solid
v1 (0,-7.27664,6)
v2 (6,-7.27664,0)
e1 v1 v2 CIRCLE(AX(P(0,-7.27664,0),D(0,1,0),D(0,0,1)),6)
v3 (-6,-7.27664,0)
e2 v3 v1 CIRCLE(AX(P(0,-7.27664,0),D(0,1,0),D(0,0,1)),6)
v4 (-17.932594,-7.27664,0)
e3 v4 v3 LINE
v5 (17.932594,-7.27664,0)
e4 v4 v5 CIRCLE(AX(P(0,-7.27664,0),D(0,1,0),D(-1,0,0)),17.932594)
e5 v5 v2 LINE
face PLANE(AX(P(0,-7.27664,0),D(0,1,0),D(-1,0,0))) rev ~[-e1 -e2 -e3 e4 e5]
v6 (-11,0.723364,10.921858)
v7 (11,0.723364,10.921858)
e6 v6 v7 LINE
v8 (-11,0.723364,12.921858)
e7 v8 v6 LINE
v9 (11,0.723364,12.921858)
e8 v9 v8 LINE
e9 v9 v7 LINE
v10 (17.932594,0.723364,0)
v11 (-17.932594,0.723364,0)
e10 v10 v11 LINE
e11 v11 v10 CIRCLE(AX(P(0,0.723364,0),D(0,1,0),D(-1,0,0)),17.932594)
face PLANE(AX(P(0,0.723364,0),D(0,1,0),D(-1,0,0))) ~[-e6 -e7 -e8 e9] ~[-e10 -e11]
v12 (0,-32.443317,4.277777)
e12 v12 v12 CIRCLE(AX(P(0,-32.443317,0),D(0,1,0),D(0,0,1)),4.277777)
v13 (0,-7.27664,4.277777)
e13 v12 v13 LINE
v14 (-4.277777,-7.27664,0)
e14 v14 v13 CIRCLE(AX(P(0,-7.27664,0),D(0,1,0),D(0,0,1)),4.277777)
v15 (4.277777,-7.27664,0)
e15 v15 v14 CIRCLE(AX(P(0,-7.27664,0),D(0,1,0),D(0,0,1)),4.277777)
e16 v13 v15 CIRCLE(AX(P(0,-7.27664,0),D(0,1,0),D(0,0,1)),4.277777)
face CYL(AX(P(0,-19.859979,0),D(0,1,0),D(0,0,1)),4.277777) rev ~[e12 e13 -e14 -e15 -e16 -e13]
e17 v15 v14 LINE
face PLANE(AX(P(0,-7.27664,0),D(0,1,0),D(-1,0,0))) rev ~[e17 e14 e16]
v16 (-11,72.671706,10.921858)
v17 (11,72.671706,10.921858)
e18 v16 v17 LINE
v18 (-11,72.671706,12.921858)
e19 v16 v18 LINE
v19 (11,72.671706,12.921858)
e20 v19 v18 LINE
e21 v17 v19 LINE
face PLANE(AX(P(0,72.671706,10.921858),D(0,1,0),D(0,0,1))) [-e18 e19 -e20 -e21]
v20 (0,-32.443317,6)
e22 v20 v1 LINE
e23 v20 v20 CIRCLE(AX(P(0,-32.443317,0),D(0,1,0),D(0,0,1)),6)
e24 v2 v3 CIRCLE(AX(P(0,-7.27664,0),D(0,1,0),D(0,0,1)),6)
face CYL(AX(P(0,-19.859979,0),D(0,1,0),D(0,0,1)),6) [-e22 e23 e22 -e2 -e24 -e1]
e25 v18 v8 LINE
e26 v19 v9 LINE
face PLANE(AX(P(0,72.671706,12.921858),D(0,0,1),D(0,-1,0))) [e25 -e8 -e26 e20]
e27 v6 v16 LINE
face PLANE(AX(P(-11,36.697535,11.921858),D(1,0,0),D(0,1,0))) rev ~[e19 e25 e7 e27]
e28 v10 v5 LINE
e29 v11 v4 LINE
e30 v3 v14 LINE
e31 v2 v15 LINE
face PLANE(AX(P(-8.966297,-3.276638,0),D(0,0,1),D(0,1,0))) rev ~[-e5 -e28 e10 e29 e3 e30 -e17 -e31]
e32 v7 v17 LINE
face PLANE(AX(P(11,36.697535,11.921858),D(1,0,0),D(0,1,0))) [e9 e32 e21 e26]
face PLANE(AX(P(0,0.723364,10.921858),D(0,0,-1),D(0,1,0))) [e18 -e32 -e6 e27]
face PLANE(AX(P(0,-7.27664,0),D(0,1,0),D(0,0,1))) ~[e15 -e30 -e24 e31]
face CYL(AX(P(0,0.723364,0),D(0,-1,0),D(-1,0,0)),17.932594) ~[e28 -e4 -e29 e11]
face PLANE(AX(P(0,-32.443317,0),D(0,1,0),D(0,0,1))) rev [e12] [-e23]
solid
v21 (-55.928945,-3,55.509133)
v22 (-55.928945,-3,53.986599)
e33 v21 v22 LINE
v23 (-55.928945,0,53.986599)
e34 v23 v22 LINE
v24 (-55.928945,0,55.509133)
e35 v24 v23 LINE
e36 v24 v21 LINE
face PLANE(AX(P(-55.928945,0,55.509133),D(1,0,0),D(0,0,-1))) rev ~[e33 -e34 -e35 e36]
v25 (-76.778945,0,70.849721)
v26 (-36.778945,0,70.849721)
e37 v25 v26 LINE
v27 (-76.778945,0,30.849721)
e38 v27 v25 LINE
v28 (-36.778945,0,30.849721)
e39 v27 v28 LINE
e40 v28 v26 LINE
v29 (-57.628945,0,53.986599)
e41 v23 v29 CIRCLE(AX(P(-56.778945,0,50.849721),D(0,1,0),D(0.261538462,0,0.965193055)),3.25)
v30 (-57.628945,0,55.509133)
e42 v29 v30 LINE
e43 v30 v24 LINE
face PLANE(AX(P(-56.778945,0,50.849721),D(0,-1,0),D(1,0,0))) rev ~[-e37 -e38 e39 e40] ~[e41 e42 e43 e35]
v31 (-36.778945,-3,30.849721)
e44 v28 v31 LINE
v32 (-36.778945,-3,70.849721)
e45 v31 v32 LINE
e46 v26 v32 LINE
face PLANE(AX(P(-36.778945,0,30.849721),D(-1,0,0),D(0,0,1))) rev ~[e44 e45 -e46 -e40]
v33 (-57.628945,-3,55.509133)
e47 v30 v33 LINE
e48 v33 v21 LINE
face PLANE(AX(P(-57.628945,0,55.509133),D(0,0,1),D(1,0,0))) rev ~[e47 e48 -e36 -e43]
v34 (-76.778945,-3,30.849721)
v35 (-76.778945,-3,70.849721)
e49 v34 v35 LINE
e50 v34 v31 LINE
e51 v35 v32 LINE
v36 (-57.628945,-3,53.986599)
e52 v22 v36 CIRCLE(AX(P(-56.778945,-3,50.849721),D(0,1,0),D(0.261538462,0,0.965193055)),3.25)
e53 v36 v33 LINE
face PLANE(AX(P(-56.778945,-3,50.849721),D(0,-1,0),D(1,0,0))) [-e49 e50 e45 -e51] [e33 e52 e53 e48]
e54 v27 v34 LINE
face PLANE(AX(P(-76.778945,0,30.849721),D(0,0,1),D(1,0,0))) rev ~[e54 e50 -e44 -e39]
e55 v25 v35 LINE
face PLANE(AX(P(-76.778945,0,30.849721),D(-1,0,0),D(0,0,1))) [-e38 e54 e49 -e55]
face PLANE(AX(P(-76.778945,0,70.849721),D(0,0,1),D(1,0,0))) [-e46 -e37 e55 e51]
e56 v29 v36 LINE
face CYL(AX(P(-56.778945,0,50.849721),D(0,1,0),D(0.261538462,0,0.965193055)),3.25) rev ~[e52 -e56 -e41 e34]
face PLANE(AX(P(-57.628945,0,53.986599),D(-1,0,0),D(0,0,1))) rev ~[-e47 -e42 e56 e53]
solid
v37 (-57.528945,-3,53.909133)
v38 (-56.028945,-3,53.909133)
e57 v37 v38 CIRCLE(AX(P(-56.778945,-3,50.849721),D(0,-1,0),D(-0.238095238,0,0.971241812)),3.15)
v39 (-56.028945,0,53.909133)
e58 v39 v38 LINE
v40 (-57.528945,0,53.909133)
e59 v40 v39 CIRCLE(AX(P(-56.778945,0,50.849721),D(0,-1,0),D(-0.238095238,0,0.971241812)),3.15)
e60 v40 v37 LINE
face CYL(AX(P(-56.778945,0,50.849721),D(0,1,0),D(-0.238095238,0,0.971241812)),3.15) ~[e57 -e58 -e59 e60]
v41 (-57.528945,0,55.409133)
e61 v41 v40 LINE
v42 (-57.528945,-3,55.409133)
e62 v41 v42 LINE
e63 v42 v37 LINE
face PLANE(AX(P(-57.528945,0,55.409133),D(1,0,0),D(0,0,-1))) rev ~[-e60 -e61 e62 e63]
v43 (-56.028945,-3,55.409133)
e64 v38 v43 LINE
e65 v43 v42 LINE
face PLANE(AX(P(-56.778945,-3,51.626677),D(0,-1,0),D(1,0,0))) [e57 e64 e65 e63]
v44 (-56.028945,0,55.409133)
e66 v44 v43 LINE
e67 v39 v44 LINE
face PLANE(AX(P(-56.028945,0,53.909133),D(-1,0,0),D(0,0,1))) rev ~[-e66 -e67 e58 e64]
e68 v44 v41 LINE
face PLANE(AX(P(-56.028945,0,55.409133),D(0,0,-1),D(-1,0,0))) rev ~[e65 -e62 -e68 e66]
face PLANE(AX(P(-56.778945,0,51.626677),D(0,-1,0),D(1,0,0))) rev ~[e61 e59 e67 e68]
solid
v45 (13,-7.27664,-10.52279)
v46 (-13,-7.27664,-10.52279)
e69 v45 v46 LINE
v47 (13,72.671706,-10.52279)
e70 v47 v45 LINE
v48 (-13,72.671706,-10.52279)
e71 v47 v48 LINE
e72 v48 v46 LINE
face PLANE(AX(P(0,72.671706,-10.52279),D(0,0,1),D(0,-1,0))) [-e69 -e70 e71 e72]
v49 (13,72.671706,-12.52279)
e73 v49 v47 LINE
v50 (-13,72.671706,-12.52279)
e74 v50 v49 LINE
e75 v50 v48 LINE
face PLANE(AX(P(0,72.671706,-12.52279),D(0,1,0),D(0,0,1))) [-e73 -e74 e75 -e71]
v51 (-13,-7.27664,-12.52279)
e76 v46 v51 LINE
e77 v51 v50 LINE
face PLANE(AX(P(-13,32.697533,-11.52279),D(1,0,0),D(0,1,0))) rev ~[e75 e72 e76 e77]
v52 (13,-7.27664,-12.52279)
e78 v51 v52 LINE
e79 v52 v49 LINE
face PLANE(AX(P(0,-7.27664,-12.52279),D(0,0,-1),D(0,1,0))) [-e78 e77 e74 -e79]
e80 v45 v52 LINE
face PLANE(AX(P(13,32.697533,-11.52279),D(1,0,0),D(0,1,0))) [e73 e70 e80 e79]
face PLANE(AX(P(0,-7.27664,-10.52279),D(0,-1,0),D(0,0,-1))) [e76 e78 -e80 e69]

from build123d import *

# Parameters (mm, degrees)
F0_W          = 25.1666777024
F0_H          = 1.7222229476
F2_ANGLE_BACK = 90
F2_ANGLE      = 180
F3_DEPTH      = 13
F4_DEPTH      = 11
F5_W          = 40
F5_H          = 40
F6_DEPTH      = 3


with BuildPart() as f1:
    # F0 (on Right) → F1 (revolve)
    with BuildSketch(Plane.YZ):
        with Locations((-19.8599786063, 5.1388885262)):
            Rectangle(F0_W, F0_H)
    revolve(axis=Axis((0, 11.4922590109, 0), (0, 1, 0)))

    # F0 (on Right) → F2 (revolve)
    with BuildSketch(Plane.YZ, mode=Mode.PRIVATE) as f2_sk:
        Polygon((-7.2766397551, 6), (-7.2766397551, 4.2777770524), (-7.2766397551, 0), (0.7233642667, 0), (0.7233642667, 10.9218580239), (0.7233642667, 12.9218580239), (0.7233642667, 17.9325940357), (-7.2766397551, 17.9325940357), align=None)
    revolve(f2_sk.sketch.rotate(Axis((0, 11.4922590109, 0), (0, 1, 0)), -F2_ANGLE_BACK), axis=Axis((0, 11.4922590109, 0), (0, 1, 0)), revolution_arc=F2_ANGLE)

    # F0 (on Right) → F4 (join, symmetric)
    with BuildSketch(Plane.YZ):
        Polygon((0.7233642667, 12.9218580239), (0.7233642667, 10.9218580239), (10.225285776, 10.9218580239), (65.0394260883, 10.9218580239), (72.6717057781, 10.9218580239), (72.6717057781, 12.9218580239), align=None)
    extrude(amount=F4_DEPTH, both=True)


with BuildPart() as f3:
    # F0 (on Right) → F3 (new body, symmetric)
    with BuildSketch(Plane.YZ):
        Polygon((0.7233642667, -10.5227902532), (-7.2766397551, -10.5227902532), (-7.2766397551, -12.5227902532), (72.6717057781, -12.5227902532), (72.6717057781, -10.5227902532), (65.0394260883, -10.5227902532), (10.225285776, -10.5227902532), align=None)
    extrude(amount=F3_DEPTH, both=True)


with BuildPart() as f6:
    # F5 (on Front) → F6 (new body)
    with BuildSketch(Plane.XZ):
        with Locations((-56.7789445817, 50.8497212827)):
            Rectangle(F5_W, F5_H)
        with BuildLine():
            ThreePointArc((-55.9289445817, 53.986598711), (-56.7789445817, 47.5997212827), (-57.6289445817, 53.986598711))
            Line((-57.6289445817, 53.986598711), (-57.6289445817, 55.5091329909))
            Line((-57.6289445817, 55.5091329909), (-55.9289445817, 55.5091329909))
            Line((-55.9289445817, 55.5091329909), (-55.9289445817, 53.986598711))
        make_face(mode=Mode.SUBTRACT)
    extrude(amount=F6_DEPTH)


with BuildPart() as f6b:
    # F5 (on Front) → F6, piece 2 (new body)
    with BuildSketch(Plane.XZ):
        with BuildLine():
            Line((-57.5289445817, 55.4091329909), (-57.5289445817, 53.9091329909))
            ThreePointArc((-57.5289445817, 53.9091329909), (-56.7789445817, 47.6997212827), (-56.0289445817, 53.9091329909))
            Line((-56.0289445817, 53.9091329909), (-56.0289445817, 55.4091329909))
            Line((-56.0289445817, 55.4091329909), (-57.5289445817, 55.4091329909))
        make_face()
    extrude(amount=F6_DEPTH)


solid = Compound([f1.part, f3.part, f6.part, f6b.part])
